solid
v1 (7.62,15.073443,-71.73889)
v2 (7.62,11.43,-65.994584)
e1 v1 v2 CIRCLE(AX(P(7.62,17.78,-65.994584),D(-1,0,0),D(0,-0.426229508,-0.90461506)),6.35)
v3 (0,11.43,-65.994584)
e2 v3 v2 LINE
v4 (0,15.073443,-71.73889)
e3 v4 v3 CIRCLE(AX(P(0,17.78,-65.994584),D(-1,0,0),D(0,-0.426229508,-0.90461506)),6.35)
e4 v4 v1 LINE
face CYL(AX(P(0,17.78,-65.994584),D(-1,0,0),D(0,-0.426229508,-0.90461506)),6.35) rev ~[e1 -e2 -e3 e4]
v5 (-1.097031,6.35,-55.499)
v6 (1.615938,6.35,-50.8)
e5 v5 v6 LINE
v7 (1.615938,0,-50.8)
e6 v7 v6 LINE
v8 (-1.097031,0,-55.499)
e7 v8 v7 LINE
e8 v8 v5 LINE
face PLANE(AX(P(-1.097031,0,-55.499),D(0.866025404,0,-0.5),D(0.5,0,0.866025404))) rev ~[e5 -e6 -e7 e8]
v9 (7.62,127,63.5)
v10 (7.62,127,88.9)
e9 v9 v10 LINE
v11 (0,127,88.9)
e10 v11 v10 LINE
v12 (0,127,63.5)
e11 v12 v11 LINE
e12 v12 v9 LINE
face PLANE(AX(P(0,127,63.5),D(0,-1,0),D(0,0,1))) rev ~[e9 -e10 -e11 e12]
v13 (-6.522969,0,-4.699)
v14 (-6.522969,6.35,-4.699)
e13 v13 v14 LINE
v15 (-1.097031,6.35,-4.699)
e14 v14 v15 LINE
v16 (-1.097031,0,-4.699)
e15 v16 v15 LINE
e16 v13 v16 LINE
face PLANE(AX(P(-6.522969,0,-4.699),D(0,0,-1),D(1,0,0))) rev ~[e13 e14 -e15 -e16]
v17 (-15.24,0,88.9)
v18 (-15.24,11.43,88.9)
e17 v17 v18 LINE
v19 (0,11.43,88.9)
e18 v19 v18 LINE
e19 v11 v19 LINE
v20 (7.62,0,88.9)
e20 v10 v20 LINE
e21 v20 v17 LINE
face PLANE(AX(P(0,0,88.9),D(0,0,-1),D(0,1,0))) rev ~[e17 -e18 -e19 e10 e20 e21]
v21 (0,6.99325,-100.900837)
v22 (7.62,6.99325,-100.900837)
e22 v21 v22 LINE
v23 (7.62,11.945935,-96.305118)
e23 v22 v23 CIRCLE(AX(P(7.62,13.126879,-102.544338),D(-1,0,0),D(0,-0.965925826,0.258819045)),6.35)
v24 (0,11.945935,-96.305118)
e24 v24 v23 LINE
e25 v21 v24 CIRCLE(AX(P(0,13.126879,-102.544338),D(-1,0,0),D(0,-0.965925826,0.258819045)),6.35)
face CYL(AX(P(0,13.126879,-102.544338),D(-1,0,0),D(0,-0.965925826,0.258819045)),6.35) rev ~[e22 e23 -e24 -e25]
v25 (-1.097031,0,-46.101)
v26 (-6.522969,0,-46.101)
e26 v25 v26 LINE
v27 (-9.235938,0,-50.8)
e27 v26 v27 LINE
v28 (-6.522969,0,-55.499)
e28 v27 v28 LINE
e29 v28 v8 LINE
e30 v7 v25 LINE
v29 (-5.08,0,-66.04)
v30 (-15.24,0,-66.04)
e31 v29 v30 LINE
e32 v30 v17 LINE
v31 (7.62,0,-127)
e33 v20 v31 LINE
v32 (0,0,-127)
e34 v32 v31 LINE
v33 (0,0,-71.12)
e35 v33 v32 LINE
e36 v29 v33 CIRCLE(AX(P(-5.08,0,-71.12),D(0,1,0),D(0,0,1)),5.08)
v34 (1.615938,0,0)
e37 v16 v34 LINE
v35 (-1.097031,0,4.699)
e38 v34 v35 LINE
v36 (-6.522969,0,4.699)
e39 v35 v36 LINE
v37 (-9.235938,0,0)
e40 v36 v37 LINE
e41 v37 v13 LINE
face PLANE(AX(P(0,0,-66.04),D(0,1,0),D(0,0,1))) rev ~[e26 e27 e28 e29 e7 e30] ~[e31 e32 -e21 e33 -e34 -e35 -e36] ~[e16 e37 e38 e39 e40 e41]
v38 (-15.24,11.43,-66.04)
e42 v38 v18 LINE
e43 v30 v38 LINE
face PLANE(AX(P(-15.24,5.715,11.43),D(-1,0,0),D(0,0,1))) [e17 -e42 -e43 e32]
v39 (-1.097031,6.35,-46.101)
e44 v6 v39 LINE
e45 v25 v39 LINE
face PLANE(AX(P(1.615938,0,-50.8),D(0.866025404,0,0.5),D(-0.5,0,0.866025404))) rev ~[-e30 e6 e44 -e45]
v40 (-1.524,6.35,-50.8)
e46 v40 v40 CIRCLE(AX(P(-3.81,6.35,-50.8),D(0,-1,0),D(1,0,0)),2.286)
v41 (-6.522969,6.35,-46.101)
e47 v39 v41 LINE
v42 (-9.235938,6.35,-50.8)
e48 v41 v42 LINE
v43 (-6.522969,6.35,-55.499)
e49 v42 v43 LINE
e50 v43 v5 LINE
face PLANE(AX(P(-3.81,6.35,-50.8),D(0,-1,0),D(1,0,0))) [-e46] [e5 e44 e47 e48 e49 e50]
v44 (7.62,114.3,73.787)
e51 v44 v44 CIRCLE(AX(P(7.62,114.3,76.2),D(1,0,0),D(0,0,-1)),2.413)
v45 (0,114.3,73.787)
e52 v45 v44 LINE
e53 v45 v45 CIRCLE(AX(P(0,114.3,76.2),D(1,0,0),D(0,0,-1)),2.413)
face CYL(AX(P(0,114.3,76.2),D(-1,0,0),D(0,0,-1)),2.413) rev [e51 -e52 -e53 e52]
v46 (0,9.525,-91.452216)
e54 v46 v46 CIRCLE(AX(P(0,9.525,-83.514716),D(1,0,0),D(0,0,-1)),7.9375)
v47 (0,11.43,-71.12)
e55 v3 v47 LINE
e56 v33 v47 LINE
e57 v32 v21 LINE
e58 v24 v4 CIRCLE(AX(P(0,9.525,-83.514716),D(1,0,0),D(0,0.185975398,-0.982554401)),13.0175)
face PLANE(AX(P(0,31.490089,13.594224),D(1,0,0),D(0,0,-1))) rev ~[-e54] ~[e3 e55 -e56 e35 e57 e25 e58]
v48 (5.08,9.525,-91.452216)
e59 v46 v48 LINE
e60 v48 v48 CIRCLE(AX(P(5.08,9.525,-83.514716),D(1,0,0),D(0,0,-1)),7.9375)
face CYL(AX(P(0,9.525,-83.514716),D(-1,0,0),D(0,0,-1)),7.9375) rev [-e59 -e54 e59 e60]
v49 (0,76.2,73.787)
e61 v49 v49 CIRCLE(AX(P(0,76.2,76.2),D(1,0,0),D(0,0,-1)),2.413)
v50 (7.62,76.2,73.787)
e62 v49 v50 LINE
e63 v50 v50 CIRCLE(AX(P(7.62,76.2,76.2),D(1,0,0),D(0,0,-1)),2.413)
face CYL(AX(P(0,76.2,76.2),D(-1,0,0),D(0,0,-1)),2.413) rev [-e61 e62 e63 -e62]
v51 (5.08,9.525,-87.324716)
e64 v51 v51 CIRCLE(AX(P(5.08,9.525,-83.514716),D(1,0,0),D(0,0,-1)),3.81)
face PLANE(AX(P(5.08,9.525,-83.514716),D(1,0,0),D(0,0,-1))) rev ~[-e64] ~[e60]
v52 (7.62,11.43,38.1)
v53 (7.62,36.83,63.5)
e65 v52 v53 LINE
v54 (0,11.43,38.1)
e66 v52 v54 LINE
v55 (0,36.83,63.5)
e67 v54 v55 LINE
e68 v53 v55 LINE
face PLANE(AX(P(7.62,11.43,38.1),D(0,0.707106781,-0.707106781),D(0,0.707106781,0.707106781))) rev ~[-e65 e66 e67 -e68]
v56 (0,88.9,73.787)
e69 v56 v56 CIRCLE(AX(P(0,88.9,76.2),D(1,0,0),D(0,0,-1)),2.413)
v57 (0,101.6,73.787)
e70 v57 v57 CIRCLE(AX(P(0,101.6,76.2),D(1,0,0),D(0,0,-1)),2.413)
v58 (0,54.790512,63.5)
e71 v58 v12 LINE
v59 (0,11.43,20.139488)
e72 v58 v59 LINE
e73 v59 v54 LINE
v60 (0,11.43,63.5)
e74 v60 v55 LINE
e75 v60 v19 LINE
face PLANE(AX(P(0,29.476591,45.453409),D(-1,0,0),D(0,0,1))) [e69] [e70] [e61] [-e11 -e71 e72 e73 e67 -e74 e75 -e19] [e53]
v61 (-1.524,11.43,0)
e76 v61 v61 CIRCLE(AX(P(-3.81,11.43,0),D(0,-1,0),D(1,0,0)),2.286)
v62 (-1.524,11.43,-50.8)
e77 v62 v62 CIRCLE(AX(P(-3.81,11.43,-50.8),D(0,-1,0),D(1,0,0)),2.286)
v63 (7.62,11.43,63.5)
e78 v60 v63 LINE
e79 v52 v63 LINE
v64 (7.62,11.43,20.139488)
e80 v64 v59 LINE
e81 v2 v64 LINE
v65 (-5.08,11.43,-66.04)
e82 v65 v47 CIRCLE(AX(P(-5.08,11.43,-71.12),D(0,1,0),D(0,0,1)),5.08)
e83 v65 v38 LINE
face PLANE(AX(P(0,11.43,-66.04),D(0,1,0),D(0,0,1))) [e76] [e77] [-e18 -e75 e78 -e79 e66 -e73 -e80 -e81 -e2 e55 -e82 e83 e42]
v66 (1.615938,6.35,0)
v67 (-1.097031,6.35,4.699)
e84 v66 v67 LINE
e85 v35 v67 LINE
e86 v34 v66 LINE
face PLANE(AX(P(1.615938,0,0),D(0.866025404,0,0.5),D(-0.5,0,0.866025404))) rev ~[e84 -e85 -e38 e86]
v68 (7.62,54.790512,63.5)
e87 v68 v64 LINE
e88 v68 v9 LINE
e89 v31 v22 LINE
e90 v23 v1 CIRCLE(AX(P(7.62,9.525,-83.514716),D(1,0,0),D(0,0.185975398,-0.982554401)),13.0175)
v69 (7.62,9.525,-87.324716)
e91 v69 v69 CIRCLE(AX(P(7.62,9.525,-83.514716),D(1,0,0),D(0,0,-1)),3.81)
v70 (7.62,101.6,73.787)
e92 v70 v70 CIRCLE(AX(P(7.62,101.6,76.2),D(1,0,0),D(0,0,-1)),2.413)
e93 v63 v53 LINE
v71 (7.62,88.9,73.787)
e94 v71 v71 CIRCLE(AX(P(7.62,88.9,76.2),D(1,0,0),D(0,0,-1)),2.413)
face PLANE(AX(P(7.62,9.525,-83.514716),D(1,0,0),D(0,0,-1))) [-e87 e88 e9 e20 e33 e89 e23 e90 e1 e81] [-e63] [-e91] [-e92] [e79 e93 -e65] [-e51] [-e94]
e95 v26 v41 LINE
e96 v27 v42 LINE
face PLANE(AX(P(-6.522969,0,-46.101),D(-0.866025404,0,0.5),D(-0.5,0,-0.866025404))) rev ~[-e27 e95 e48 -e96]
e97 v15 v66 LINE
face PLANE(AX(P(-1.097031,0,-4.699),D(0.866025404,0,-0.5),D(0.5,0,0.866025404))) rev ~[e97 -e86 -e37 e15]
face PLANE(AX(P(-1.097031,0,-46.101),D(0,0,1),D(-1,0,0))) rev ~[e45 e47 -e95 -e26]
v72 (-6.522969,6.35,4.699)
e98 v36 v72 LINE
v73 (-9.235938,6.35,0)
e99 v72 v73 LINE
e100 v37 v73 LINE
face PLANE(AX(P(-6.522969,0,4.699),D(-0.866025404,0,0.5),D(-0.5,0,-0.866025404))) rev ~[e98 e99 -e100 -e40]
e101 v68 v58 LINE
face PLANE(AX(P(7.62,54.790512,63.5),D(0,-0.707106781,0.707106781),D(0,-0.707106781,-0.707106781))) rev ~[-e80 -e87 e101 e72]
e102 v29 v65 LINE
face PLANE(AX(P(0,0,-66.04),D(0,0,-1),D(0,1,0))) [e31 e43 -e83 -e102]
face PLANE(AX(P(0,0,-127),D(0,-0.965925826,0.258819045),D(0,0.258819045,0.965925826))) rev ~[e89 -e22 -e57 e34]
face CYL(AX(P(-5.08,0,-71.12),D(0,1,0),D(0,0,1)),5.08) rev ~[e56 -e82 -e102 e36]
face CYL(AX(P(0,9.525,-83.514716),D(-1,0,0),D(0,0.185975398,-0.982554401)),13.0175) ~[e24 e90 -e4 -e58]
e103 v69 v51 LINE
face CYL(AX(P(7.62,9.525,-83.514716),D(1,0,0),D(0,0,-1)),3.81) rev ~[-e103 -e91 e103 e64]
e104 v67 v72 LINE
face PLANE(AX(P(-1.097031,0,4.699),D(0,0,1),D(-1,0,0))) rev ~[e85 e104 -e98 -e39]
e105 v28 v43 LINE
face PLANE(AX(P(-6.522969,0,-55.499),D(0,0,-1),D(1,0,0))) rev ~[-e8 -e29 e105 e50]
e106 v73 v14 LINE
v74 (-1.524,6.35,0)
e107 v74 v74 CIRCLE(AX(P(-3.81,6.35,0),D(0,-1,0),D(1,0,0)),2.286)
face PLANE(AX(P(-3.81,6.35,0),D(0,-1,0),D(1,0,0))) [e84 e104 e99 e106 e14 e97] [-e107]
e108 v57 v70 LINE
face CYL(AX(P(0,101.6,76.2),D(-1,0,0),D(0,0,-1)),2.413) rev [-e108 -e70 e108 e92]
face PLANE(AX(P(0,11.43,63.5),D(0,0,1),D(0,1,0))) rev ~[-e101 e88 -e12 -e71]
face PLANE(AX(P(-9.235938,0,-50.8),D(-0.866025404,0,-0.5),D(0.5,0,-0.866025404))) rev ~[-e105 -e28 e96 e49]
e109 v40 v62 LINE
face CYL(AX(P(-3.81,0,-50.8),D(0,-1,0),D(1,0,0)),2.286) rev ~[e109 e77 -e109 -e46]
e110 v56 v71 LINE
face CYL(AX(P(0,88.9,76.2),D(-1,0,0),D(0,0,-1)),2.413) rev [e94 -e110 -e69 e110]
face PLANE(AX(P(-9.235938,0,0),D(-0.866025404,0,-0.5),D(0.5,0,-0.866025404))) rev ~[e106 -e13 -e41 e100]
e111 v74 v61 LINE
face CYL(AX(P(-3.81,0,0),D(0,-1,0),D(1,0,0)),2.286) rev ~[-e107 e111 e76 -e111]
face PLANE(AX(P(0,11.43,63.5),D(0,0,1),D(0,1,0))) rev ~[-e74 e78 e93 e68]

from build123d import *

# Parameters (mm, degrees)
SKETCH1_R           = 7.9375
SKETCH1_R_2         = 2.413
BOSS_EXTRUDE1_DEPTH = 7.62
SKETCH2_R           = 7.9375
SKETCH2_R_2         = 3.81
BOSS_EXTRUDE2_DEPTH = 2.54
SKETCH3_W           = 154.94
SKETCH3_H           = 11.43
BOSS_EXTRUDE3_DEPTH = 15.24
FILLET1_R           = 5.08
BOSS_EXTRUDE4_DEPTH = 7.62
SKETCH5_R           = 2.286
CUT_EXTRUDE1_DEPTH  = 128
CUT_EXTRUDE2_DEPTH  = 6.35


with BuildPart() as part:
    # Sketch1 → Boss-Extrude1 (new body)
    with BuildSketch(Plane(origin=(0, 0, 0), x_dir=(0, 0, -1), z_dir=(1, 0, 0))):
        with BuildLine():
            Line((0, 0), (127, 0))
            Line((127, 0), (100.900837488, 6.993249518))
            ThreePointArc((100.900837488, 6.993249518), (97.889599245, 8.807630529), (96.305117976, 11.94593474))
            ThreePointArc((96.305117976, 11.94593474), (85.15869513, 22.438273755), (71.738889517, 15.073442623))
            ThreePointArc((71.738889517, 15.073442623), (69.395749913, 12.417671245), (65.994583888, 11.43))
            Line((65.994583888, 11.43), (0, 11.43))
            Line((0, 11.43), (-63.5, 11.43))
            Line((-63.5, 11.43), (-63.5, 127))
            Line((-63.5, 127), (-88.9, 127))
            Line((-88.9, 127), (-88.9, 0))
            Line((-88.9, 0), (0, 0))
        make_face()
        with Locations((83.514716058, 9.525)):
            Circle(SKETCH1_R, mode=Mode.SUBTRACT)
        with Locations((-76.2, 114.3)):
            Circle(SKETCH1_R_2, mode=Mode.SUBTRACT)
        with Locations((-76.2, 88.9)):
            Circle(SKETCH1_R_2, mode=Mode.SUBTRACT)
        with Locations((-76.2, 101.6)):
            Circle(SKETCH1_R_2, mode=Mode.SUBTRACT)
        with Locations((-76.2, 76.2)):
            Circle(SKETCH1_R_2, mode=Mode.SUBTRACT)
    extrude(amount=BOSS_EXTRUDE1_DEPTH)

    # Sketch2 → Boss-Extrude2 (add)
    with BuildSketch(Plane(origin=(7.62, 0, 0), x_dir=(0, 0, -1), z_dir=(1, 0, 0))):
        with Locations((83.514716058, 9.525)):
            Circle(SKETCH2_R)
        with Locations((83.514716058, 9.525)):
            Circle(SKETCH2_R_2, mode=Mode.SUBTRACT)
    extrude(amount=-BOSS_EXTRUDE2_DEPTH)

    # Sketch3 → Boss-Extrude3 (add)
    with BuildSketch(Plane.ZY):
        with Locations((11.43, 5.715)):
            Rectangle(SKETCH3_W, SKETCH3_H)
    extrude(amount=BOSS_EXTRUDE3_DEPTH)

    # Fillet1
    fillet1_edges = [part.edges().sort_by_distance(p)[0] for p in [
        (0, 5.715, -66.04),
    ]]
    fillet(fillet1_edges, radius=FILLET1_R)

    # Sketch4 → Boss-Extrude4 (add)
    with BuildSketch(Plane(origin=(7.62, 0, 0), x_dir=(0, 0, -1), z_dir=(1, 0, 0))):
        Polygon((-63.5, 54.790512242), (-20.139487758, 11.43), (-38.1, 11.43), (-63.5, 36.83), align=None)
    extrude(amount=-BOSS_EXTRUDE4_DEPTH)

    # Sketch5 → Cut-Extrude1 (cut, through all)
    with BuildSketch(Plane.XZ):
        with Locations((-3.81, -50.8)):
            Circle(SKETCH5_R)
        with Locations((-3.81, 0)):
            Circle(SKETCH5_R)
    extrude(amount=-CUT_EXTRUDE1_DEPTH, mode=Mode.SUBTRACT)

    # Sketch6 → Cut-Extrude2 (cut)
    with BuildSketch(Plane.XZ):
        Polygon((1.61593783, -50.8), (-1.097031085, -46.101), (-6.522968915, -46.101), (-9.23593783, -50.8), (-6.522968915, -55.499), (-1.097031085, -55.499), align=None)
        Polygon((-1.097031085, -4.699), (1.61593783, 0), (-1.097031085, 4.699), (-6.522968915, 4.699), (-9.23593783, 0), (-6.522968915, -4.699), align=None)
    extrude(amount=-CUT_EXTRUDE2_DEPTH, mode=Mode.SUBTRACT)


solid = part.part
